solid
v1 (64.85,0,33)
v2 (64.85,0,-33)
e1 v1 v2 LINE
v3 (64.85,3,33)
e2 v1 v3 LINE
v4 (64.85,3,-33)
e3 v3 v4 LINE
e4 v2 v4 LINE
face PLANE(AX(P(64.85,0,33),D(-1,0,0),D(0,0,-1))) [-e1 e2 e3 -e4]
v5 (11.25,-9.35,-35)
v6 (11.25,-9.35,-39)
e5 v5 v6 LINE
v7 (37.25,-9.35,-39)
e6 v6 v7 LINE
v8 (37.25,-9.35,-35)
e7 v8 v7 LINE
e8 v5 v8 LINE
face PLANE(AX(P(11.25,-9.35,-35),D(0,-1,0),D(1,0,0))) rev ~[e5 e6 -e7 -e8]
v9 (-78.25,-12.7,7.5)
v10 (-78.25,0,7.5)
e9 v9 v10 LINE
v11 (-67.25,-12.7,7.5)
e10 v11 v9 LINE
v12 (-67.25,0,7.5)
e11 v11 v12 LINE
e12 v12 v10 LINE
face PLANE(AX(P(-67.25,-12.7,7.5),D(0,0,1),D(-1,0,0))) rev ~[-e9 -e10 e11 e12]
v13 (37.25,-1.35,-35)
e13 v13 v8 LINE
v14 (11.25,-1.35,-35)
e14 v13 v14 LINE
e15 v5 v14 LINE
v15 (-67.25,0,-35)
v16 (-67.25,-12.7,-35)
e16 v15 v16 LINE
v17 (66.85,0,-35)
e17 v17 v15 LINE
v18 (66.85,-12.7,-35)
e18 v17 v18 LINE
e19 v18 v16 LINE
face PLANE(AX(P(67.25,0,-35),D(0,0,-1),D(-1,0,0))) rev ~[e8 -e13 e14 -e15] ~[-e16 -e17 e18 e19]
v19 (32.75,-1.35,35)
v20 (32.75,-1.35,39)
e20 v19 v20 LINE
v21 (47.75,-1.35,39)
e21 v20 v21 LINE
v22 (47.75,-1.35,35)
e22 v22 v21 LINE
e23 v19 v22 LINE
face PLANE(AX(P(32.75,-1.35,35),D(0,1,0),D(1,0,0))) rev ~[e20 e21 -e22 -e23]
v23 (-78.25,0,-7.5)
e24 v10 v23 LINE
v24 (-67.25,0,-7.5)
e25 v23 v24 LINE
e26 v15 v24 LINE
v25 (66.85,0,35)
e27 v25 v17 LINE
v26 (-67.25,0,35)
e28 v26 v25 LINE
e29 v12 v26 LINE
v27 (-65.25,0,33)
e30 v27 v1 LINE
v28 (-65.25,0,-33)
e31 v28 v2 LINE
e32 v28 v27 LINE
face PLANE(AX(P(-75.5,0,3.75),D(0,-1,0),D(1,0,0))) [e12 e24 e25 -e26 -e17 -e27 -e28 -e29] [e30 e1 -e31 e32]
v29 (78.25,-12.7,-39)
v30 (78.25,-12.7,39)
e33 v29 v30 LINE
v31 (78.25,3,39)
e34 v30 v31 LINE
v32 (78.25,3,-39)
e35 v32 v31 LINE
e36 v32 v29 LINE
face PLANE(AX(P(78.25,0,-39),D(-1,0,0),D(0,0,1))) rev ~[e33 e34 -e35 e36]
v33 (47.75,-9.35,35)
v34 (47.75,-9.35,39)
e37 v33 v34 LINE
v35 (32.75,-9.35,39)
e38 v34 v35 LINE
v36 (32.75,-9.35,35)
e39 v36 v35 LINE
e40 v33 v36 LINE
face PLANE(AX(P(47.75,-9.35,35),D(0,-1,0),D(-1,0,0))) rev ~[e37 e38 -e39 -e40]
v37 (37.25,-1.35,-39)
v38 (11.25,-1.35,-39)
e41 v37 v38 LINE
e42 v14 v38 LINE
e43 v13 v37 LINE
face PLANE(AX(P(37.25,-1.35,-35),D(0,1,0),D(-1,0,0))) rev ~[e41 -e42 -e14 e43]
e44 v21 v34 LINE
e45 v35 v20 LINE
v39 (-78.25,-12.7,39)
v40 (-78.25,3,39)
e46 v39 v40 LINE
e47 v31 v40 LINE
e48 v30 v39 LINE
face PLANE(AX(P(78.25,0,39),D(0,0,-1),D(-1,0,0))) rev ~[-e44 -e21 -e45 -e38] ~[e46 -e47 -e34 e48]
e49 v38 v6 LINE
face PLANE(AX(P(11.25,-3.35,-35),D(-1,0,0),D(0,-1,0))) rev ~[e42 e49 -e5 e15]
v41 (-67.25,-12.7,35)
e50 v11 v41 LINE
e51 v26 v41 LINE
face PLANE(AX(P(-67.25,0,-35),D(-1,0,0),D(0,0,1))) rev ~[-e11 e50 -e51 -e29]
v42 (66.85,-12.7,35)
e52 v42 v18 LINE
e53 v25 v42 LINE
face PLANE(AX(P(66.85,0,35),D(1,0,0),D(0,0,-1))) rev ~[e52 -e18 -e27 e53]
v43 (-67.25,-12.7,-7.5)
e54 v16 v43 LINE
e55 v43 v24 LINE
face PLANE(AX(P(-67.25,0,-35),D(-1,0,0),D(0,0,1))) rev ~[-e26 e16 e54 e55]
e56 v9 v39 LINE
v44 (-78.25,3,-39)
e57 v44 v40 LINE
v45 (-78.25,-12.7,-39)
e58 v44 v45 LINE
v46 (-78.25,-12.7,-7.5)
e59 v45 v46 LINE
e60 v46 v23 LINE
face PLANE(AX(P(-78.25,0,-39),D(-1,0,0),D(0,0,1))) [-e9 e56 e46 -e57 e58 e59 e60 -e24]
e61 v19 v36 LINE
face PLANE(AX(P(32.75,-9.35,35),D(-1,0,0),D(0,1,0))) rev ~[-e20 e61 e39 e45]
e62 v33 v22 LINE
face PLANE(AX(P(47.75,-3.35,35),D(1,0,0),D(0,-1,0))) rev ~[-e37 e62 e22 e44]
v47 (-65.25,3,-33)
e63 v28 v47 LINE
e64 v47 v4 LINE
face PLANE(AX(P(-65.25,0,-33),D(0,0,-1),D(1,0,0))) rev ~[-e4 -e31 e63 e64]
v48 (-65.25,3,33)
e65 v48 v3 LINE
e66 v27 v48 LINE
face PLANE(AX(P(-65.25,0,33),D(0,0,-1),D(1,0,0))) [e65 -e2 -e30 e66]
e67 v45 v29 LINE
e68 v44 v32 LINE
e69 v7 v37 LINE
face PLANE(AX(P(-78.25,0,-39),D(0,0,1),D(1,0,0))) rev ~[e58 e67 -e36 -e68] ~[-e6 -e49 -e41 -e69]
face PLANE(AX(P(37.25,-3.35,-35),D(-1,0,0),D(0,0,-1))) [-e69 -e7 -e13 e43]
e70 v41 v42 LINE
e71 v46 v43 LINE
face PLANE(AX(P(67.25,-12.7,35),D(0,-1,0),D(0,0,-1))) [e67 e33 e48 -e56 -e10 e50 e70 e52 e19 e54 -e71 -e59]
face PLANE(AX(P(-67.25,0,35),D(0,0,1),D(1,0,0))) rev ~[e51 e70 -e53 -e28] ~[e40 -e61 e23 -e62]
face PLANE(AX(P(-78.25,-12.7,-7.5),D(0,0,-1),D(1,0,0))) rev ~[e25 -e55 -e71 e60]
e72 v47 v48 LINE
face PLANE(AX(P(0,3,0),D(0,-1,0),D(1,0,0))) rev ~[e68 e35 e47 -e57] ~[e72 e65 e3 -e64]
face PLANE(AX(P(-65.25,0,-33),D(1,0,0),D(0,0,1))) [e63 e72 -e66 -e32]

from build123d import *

# Parameters (mm, degrees)
F0_W          = 130.5
F0_H          = 2
F1_DEPTH      = 3
F0_W_2        = 142.5
F0_H_2        = 78
F0_W_3        = 7
F2_DEPTH      = 3
F2_DEPTH_BACK = 12.7
F3_W          = 5.5
F3_H          = 7.5
F4_DEPTH      = 12.7
F6_DEPTH      = 4.001
F8_DEPTH      = 4.001
F9_DEPTH      = 0.4
F10_DEPTH     = 2
F11_DEPTH     = 2


with BuildPart() as f1:
    # F0 (on Front) → F1 (new body)
    with BuildSketch(Plane.XZ):
        Polygon((67.25, 35), (65.25, 35), (65.25, 33), (65.25, -33), (65.25, -35), (67.25, -35), align=None)
        with Locations((0, 34)):
            Rectangle(F0_W, F0_H)
        Polygon((-65.25, 35), (-67.25, 35), (-67.25, -35), (-65.25, -35), (-65.25, -33), (-65.25, 33), align=None)
        with Locations((0, -34)):
            Rectangle(F0_W, F0_H)
    extrude(amount=-F1_DEPTH)

    # F0 (on Front) → F2 (join, two sides)
    with BuildSketch(Plane.XZ) as f2_sk:
        Rectangle(F0_W_2, F0_H_2)
        Polygon((-67.25, -35), (-67.25, 35), (-65.25, 35), (65.25, 35), (67.25, 35), (67.25, -35), (65.25, -35), (-65.25, -35), align=None, mode=Mode.SUBTRACT)
        with Locations((-74.75, 0)):
            Rectangle(F0_W_3, F0_H_2)
        with Locations((74.75, 0)):
            Rectangle(F0_W_3, F0_H_2)
    extrude(amount=-F2_DEPTH)
    extrude(f2_sk.sketch, amount=F2_DEPTH_BACK)

    # F3 (on face) → F4 (cut)
    with BuildSketch(Plane.XZ.offset(12.7)):
        with Locations((-75.5, 3.75)):
            Rectangle(F3_W, F3_H)
        with Locations((-70, 3.75)):
            Rectangle(F3_W, F3_H)
        with Locations((-70, -3.75)):
            Rectangle(F3_W, F3_H)
        with Locations((-75.5, -3.75)):
            Rectangle(F3_W, F3_H)
    extrude(amount=-F4_DEPTH, mode=Mode.SUBTRACT)

    # F5 (on face) → F6 (cut, through all)
    with BuildSketch(Plane(origin=(0, 0, 35), x_dir=(1, 0, 0), z_dir=(0, 0, -1))):
        Polygon((47.75, 3.35), (47.75, 6.35), (47.75, 9.35), (32.75, 9.35), (32.75, 3.35), align=None)
    extrude(amount=-F6_DEPTH, mode=Mode.SUBTRACT)

    # F7 (on face) → F8 (cut, through all)
    with BuildSketch(Plane.XY.offset(-35)):
        Polygon((37.25, -9.35), (37.25, -6.35), (37.25, -3.35), (11.25, -3.35), (11.25, -9.35), align=None)
    extrude(amount=-F8_DEPTH, mode=Mode.SUBTRACT)

    # F9 (add): faces of the model
    f9_faces = [f1.faces().sort_by_distance(p)[0] for p in [
        (67.25, -6.35, 0),
        (65.25, 1.5, 0),
    ]]
    extrude(f9_faces, amount=F9_DEPTH)

    # F10 (cut): a face of the model
    f10_faces = [f1.faces().sort_by_distance(p)[0] for p in [
        (24.25, -3.35, -37),
    ]]
    extrude(f10_faces, amount=-F10_DEPTH, mode=Mode.SUBTRACT)

    # F11 (cut): a face of the model
    f11_faces = [f1.faces().sort_by_distance(p)[0] for p in [
        (40.25, -3.35, 37),
    ]]
    extrude(f11_faces, amount=-F11_DEPTH, mode=Mode.SUBTRACT)


solid = f1.part
